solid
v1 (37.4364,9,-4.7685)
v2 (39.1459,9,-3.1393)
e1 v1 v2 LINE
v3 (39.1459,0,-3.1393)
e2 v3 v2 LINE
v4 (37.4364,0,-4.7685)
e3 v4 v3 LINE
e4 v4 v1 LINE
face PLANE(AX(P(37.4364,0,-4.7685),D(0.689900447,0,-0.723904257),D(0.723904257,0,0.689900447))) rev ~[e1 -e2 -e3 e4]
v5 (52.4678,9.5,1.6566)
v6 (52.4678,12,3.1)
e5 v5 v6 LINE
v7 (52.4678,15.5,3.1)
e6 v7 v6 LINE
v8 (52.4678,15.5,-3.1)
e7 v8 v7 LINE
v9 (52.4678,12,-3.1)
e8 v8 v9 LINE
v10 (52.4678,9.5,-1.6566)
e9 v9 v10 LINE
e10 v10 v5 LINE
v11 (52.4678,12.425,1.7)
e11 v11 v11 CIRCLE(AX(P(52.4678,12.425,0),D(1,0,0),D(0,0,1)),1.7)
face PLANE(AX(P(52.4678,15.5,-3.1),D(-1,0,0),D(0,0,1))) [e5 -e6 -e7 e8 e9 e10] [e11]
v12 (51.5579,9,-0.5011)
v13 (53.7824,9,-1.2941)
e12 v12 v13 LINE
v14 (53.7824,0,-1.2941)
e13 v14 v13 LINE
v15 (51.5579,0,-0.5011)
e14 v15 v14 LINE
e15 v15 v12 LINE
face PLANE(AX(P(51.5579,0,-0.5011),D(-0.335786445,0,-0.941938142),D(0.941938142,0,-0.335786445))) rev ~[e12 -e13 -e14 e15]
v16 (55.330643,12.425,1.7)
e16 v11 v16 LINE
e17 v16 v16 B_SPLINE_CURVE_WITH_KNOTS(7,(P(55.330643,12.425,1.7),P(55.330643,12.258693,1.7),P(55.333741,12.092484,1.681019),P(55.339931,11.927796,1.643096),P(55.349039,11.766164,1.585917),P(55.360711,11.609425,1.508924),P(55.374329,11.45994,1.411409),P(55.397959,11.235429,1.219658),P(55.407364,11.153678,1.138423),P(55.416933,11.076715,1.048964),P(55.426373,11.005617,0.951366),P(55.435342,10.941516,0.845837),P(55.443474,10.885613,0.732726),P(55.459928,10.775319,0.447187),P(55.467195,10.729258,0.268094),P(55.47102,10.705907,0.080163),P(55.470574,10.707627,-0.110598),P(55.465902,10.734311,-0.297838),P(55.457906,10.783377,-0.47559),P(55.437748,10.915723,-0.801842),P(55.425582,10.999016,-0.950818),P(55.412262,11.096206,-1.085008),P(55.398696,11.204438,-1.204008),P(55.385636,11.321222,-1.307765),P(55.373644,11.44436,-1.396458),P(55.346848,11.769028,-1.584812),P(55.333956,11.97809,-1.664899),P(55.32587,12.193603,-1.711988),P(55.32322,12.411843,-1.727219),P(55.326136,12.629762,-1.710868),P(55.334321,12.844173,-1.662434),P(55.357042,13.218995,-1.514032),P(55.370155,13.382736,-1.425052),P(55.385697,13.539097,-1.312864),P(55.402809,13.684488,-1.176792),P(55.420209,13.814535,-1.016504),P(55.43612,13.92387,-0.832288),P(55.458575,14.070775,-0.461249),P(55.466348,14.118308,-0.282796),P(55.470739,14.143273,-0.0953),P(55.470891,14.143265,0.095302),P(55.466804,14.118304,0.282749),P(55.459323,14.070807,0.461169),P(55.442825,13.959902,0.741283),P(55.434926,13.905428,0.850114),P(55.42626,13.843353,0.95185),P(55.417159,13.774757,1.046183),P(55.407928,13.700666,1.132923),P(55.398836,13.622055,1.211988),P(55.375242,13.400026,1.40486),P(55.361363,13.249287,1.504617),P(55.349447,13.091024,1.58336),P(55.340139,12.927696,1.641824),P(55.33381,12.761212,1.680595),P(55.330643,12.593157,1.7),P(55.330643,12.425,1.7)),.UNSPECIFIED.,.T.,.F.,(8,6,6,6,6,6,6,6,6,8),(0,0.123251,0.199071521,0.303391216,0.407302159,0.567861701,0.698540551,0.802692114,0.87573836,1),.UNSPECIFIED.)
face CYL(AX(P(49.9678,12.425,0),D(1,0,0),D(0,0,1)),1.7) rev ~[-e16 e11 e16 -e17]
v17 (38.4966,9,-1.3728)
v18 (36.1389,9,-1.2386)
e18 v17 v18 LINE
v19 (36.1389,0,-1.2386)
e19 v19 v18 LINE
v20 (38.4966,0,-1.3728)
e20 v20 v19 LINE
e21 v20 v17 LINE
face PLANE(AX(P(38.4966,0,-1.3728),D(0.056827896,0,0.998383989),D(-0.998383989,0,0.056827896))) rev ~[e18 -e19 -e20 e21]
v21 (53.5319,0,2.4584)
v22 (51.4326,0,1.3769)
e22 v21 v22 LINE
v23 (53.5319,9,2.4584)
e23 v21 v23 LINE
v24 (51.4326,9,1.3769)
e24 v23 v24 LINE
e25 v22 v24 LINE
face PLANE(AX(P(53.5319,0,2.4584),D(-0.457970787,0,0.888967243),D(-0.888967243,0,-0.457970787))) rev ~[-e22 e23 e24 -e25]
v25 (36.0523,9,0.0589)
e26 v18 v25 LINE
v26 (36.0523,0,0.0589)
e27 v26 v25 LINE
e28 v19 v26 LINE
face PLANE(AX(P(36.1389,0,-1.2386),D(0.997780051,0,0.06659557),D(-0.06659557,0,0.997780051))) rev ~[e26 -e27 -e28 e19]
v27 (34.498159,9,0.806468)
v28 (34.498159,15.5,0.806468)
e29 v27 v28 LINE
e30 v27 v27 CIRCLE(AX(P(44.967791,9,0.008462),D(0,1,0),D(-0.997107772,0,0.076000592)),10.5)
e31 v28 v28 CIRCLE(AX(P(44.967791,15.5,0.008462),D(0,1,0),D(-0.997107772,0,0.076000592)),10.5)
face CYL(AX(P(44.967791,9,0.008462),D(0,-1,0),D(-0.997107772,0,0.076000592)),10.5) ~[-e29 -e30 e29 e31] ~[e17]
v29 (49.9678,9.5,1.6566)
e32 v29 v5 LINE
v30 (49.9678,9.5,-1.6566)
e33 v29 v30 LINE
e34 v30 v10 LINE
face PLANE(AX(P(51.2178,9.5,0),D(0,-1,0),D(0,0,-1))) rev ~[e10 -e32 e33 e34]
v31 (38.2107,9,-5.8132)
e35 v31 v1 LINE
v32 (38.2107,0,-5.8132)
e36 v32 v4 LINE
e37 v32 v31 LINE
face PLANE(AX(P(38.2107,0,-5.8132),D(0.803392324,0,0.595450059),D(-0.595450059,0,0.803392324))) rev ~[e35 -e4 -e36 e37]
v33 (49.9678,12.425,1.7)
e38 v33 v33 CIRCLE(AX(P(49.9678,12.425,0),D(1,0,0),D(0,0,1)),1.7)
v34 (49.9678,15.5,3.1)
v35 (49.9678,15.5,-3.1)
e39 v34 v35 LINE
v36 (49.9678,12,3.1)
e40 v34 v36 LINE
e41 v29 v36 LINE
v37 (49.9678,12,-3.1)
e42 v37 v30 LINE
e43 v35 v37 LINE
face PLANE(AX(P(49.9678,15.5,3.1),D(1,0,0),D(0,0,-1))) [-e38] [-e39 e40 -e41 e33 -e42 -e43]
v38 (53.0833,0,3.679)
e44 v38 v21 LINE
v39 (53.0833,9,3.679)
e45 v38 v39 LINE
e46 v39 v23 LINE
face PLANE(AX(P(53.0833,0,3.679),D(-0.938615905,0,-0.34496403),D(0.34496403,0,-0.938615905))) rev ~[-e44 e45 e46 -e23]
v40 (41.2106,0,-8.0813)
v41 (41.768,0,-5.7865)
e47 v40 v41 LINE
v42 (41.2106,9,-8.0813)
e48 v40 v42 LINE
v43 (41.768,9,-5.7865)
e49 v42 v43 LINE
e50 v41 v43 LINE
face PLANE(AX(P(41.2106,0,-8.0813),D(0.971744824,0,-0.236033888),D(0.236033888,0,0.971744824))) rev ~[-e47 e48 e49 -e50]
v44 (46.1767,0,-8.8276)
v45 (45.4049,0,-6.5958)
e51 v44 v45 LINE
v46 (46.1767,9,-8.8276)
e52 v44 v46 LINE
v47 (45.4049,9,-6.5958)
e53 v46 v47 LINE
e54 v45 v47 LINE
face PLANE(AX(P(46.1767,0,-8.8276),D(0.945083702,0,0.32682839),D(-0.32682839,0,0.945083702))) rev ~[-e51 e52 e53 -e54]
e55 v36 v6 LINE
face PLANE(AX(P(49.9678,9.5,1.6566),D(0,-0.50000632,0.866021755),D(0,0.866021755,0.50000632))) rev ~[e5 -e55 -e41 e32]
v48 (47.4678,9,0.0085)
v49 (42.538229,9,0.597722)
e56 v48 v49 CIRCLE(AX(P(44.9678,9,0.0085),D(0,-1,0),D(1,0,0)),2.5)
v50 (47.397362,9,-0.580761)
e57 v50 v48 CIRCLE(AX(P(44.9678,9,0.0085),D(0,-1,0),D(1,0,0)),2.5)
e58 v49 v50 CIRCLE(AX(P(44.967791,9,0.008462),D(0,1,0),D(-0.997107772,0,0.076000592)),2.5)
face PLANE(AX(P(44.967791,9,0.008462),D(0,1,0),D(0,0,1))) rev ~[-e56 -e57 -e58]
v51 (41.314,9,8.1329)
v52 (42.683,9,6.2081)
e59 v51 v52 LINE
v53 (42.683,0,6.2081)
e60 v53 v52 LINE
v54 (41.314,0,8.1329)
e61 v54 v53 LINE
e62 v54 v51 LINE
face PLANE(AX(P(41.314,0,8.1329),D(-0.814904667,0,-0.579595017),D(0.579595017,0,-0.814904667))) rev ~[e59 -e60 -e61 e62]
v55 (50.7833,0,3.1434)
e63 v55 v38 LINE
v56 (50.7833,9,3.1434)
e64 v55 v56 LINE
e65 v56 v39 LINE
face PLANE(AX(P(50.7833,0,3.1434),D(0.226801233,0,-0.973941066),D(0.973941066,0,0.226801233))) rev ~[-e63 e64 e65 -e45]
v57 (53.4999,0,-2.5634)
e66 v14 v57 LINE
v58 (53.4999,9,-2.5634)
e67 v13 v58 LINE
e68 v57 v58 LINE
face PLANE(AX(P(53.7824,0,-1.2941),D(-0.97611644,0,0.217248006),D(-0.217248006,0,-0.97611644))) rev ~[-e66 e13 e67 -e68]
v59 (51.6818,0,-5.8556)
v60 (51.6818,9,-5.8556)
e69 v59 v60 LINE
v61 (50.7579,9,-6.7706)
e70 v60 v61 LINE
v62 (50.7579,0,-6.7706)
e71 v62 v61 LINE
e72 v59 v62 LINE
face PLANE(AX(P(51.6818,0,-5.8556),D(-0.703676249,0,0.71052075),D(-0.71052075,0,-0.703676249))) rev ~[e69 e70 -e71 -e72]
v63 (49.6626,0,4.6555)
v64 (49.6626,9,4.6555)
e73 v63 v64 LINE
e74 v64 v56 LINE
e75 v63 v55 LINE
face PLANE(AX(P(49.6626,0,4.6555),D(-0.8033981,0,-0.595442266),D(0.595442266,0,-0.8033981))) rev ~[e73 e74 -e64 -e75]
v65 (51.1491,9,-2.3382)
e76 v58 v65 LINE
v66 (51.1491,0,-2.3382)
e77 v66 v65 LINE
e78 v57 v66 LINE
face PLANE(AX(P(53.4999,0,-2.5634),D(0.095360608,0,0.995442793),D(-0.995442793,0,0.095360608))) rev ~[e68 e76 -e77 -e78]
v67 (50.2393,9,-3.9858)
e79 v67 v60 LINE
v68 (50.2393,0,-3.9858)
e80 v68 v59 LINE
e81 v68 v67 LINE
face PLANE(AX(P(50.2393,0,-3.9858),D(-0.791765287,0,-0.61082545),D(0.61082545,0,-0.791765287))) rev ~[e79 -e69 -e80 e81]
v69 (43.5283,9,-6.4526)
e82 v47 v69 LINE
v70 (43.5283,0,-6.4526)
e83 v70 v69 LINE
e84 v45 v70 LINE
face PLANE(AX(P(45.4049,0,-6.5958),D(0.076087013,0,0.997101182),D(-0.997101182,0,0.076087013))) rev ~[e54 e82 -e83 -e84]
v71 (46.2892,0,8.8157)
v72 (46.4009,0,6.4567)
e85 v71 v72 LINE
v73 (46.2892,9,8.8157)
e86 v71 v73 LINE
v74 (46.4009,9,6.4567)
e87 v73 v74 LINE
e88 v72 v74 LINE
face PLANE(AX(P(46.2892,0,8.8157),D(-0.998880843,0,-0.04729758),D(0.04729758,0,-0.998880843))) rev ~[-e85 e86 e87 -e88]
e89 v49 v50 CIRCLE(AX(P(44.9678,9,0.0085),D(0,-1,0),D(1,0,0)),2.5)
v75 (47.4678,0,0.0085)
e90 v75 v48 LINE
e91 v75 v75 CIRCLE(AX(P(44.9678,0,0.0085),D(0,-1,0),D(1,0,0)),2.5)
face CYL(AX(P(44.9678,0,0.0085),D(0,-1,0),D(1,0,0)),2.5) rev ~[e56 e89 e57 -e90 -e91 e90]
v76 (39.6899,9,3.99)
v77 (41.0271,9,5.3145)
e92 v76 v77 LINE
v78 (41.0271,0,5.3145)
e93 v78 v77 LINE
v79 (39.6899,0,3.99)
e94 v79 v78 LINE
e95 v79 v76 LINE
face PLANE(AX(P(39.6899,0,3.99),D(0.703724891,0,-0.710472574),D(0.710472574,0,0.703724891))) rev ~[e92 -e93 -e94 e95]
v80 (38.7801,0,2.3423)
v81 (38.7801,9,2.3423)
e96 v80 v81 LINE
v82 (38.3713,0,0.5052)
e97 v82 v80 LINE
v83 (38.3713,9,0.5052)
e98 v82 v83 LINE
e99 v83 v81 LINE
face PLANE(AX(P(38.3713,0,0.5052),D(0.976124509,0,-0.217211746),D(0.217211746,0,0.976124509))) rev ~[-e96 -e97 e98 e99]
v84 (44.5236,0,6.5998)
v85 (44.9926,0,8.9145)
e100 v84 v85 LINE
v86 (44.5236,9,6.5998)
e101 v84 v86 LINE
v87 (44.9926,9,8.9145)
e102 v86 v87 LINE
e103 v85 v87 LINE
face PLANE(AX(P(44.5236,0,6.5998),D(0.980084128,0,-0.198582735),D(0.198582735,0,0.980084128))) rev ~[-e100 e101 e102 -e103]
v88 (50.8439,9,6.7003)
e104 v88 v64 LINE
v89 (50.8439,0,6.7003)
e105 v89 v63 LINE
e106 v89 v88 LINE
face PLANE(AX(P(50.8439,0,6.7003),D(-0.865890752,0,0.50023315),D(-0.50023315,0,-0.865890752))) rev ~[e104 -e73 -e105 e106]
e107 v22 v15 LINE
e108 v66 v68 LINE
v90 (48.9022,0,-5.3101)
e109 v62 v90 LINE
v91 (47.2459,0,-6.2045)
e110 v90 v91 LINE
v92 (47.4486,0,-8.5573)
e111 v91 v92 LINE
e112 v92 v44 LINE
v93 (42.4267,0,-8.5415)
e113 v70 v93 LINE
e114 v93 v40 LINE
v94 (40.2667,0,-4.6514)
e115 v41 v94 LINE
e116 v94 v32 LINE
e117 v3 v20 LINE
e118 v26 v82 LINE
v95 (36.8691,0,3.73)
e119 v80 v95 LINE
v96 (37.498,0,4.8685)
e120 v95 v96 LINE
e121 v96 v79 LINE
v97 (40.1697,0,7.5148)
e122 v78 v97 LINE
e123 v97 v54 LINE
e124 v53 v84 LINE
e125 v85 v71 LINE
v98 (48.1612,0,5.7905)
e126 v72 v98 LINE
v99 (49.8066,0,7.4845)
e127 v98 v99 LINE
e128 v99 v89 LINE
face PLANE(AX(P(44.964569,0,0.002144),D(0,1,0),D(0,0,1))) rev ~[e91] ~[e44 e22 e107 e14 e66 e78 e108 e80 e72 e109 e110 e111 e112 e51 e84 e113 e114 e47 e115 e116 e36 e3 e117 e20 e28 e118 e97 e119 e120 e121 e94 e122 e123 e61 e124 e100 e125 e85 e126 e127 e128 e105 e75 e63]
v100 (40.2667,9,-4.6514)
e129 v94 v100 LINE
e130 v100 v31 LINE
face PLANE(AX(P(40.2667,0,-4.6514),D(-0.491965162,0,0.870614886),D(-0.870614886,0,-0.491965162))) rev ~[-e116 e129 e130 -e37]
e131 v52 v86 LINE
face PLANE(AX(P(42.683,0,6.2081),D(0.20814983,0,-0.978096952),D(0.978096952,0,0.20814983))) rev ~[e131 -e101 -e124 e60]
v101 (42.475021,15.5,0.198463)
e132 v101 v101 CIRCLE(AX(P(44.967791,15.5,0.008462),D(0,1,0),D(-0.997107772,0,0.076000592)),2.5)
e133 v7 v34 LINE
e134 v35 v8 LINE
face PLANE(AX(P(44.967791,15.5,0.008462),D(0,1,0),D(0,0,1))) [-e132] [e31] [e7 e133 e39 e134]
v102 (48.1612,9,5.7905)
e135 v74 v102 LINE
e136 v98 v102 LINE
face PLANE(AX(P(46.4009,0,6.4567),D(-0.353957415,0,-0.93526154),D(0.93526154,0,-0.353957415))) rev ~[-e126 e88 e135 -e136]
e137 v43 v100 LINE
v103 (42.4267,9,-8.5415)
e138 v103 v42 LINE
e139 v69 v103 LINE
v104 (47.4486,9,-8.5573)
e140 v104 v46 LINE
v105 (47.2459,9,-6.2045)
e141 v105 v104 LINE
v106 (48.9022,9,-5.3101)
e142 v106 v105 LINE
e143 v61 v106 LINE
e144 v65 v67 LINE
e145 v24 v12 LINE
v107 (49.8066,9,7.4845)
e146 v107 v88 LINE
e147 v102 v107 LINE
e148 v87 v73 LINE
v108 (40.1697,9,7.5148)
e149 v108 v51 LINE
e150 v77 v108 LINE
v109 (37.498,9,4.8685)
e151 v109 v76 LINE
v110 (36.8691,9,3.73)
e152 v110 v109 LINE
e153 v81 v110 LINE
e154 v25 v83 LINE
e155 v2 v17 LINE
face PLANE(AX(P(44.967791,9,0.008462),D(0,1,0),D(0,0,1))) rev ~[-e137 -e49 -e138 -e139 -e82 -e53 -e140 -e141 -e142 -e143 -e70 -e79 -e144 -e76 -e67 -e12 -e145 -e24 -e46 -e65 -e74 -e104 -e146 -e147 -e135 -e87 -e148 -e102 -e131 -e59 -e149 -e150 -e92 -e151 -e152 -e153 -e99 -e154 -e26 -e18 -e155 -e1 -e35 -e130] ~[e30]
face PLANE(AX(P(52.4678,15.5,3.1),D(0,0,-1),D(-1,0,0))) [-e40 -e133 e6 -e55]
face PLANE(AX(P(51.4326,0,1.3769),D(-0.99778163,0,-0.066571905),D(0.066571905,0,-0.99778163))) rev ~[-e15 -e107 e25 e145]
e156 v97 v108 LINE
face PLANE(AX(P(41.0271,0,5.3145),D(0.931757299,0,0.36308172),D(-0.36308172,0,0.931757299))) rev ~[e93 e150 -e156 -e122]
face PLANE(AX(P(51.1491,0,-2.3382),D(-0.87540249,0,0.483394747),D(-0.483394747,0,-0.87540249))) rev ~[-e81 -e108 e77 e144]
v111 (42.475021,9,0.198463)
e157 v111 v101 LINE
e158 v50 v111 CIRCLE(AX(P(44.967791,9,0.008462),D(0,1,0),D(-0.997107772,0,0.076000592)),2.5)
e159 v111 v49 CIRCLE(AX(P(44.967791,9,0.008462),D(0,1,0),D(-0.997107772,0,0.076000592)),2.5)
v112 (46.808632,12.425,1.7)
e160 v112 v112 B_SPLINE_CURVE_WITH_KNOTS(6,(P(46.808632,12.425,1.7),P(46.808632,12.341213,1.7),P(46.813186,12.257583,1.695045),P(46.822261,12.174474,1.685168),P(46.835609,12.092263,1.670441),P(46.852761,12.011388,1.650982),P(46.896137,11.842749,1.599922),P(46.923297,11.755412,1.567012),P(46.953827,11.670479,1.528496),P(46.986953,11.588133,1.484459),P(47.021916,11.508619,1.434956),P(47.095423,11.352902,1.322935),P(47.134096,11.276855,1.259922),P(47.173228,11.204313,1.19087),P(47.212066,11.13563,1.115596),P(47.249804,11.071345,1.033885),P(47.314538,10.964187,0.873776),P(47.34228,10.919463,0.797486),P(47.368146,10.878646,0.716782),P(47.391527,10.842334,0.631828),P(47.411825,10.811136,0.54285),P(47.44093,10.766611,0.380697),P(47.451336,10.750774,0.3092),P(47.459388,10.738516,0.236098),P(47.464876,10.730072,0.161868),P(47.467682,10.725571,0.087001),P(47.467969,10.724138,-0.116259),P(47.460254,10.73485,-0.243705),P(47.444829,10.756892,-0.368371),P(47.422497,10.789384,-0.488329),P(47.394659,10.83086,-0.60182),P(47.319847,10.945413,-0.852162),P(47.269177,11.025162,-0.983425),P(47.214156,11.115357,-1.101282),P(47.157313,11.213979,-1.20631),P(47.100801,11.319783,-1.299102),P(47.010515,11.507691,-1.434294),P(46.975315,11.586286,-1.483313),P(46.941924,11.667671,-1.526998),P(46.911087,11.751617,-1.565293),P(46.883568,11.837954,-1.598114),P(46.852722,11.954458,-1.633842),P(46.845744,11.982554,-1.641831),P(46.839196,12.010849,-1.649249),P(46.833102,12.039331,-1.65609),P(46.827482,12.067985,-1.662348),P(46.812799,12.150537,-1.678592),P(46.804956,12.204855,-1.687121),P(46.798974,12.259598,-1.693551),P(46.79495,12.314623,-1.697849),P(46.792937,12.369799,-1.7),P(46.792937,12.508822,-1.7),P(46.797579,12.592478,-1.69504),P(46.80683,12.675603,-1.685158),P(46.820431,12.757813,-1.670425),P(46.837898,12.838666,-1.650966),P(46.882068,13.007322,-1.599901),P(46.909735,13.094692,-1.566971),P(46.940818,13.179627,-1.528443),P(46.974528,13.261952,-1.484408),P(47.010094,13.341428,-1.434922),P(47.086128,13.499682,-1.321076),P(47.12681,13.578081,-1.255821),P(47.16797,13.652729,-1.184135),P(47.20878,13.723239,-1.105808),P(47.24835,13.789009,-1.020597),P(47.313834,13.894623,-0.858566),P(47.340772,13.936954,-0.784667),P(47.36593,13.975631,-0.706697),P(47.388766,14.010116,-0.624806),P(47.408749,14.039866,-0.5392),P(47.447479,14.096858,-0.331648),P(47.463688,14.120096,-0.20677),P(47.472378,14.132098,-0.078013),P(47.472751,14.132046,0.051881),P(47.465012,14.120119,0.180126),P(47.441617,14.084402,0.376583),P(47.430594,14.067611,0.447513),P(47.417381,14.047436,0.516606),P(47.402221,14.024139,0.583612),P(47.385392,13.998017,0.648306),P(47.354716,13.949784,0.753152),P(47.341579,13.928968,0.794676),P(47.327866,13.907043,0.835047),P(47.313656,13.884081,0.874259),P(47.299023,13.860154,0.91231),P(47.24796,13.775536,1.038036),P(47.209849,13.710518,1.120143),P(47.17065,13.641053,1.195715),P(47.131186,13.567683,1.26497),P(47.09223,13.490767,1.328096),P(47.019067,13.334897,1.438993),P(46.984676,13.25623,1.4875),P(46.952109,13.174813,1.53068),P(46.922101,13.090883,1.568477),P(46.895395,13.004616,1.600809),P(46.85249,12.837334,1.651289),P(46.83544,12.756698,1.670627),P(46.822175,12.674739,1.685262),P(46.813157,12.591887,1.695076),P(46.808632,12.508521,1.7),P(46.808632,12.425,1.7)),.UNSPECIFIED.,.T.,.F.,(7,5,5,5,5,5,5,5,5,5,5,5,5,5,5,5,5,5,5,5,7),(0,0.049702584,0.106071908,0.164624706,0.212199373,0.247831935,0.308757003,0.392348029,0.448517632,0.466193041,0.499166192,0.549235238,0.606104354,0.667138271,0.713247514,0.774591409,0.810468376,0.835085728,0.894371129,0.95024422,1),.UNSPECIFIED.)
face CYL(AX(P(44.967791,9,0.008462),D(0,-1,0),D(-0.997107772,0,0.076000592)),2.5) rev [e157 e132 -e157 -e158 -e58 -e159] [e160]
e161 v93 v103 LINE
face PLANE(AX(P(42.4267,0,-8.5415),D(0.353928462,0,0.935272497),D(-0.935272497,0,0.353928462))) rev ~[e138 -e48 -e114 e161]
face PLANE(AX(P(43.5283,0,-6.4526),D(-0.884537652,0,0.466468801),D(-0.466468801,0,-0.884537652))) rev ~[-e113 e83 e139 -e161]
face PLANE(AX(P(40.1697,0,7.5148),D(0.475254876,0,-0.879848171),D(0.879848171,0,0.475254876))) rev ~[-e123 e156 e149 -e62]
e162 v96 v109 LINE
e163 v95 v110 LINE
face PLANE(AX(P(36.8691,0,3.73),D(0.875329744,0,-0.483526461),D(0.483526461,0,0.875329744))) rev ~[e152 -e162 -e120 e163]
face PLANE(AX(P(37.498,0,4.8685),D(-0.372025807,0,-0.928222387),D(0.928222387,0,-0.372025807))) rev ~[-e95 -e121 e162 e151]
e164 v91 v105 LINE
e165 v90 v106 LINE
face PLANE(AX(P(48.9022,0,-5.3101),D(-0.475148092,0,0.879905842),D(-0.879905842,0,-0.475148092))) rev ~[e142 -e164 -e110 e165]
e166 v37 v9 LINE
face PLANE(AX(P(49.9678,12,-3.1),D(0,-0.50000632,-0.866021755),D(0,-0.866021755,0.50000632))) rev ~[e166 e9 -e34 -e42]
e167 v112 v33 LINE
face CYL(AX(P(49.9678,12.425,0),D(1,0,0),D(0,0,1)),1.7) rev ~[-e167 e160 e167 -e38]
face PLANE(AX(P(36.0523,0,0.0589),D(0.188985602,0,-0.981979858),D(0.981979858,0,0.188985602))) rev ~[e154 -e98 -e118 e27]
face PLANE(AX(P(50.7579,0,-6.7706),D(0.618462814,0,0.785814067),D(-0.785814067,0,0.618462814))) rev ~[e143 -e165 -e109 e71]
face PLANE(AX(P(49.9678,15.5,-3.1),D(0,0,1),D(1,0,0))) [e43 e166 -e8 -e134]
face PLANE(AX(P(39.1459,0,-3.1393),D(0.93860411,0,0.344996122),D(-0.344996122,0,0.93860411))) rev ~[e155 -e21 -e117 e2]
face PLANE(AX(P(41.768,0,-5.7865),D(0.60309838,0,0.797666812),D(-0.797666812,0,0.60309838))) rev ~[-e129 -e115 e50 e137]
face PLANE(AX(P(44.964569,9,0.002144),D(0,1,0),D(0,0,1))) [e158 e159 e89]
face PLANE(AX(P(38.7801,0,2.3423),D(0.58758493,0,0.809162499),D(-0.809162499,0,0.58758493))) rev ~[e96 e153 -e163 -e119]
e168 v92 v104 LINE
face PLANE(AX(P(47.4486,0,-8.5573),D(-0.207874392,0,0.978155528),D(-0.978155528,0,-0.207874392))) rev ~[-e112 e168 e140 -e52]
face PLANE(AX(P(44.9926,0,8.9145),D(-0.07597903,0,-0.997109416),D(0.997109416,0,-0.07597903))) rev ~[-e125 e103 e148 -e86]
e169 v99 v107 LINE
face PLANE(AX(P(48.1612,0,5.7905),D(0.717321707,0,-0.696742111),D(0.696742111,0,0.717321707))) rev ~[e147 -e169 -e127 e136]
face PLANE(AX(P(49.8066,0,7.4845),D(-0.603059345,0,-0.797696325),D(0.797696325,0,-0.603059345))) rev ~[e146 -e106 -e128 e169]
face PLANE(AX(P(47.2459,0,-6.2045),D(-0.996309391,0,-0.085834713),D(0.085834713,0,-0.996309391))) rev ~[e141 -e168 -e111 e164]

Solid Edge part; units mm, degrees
sketch "Sketch1" plane through (0, 0, 0) normal (0, -1, 0) x (1, 0, 0)
  line L0 (46.2892, 8.8157) -> (46.4009, 6.4567)
  line L1 (46.4009, 6.4567) -> (48.1612, 5.7905)
  line L2 (48.1612, 5.7905) -> (49.8066, 7.4845)
  line L3 (49.8066, 7.4845) -> (50.8439, 6.7003)
  line L4 (50.8439, 6.7003) -> (49.6626, 4.6555)
  line L5 (49.6626, 4.6555) -> (50.7833, 3.1434)
  line L6 (50.7833, 3.1434) -> (53.0833, 3.679)
  line L7 (53.0833, 3.679) -> (53.5319, 2.4584)
  line L8 (53.5319, 2.4584) -> (51.4326, 1.3769)
  line L9 (51.4326, 1.3769) -> (51.5579, -0.5011)
  line L10 (51.5579, -0.5011) -> (53.7824, -1.2941)
  line L11 (53.7824, -1.2941) -> (53.4999, -2.5634)
  line L12 (53.4999, -2.5634) -> (51.1491, -2.3382)
  line L13 (51.1491, -2.3382) -> (50.2393, -3.9858)
  line L14 (50.2393, -3.9858) -> (51.6818, -5.8556)
  line L15 (51.6818, -5.8556) -> (50.7579, -6.7706)
  line L16 (50.7579, -6.7706) -> (48.9022, -5.3101)
  line L17 (48.9022, -5.3101) -> (47.2459, -6.2045)
  line L18 (47.2459, -6.2045) -> (47.4486, -8.5573)
  line L19 (47.4486, -8.5573) -> (46.1767, -8.8276)
  line L20 (46.1767, -8.8276) -> (45.4049, -6.5958)
  line L21 (45.4049, -6.5958) -> (43.5283, -6.4526)
  line L22 (43.5283, -6.4526) -> (42.4267, -8.5415)
  line L23 (42.4267, -8.5415) -> (41.2106, -8.0813)
  line L24 (41.2106, -8.0813) -> (41.768, -5.7865)
  line L25 (41.768, -5.7865) -> (40.2667, -4.6514)
  line L26 (40.2667, -4.6514) -> (38.2107, -5.8132)
  line L27 (38.2107, -5.8132) -> (37.4364, -4.7685)
  line L28 (37.4364, -4.7685) -> (39.1459, -3.1393)
  line L29 (39.1459, -3.1393) -> (38.4966, -1.3728)
  line L30 (38.4966, -1.3728) -> (36.1389, -1.2386)
  line L31 (36.1389, -1.2386) -> (36.0523, 0.0589)
  line L32 (36.0523, 0.0589) -> (38.3713, 0.5052)
  line L33 (38.3713, 0.5052) -> (38.7801, 2.3423)
  line L34 (38.7801, 2.3423) -> (36.8691, 3.73)
  line L35 (36.8691, 3.73) -> (37.498, 4.8685)
  line L36 (37.498, 4.8685) -> (39.6899, 3.99)
  line L37 (39.6899, 3.99) -> (41.0271, 5.3145)
  line L38 (41.0271, 5.3145) -> (40.1697, 7.5148)
  line L39 (40.1697, 7.5148) -> (41.314, 8.1329)
  line L40 (41.314, 8.1329) -> (42.683, 6.2081)
  line L41 (42.683, 6.2081) -> (44.5236, 6.5998)
  line L42 (44.5236, 6.5998) -> (44.9926, 8.9145)
  line L43 (44.9926, 8.9145) -> (46.2892, 8.8157)
  circle A0 centre (44.9678, 0.0085) radius 2.5
  dimension "D1" = 5
extrude "Protrusion1" add sketch "Sketch1" against normal blind 9
sketch "Sketch2" plane through (44.9173, 9, 0.0434) normal (0, 1, 0) x (-0.9971, 0, 0.076)
  circle A0 centre (-0.053, -0.031) radius 10.5
  circle A1 centre (-0.053, -0.031) radius 2.5
extrude "ExtrudedProtrusion_2" add sketch "Sketch2" along normal blind 6.5
sketch "Sketch3" plane through (44.9678, 15.5, 0.0085) normal (0, 1, 0) x (0, 0, 1)
  line L0 (-3.1085, 7.5) -> (3.0915, 7.5)
  line L1 (3.0915, 7.5) -> (3.0915, 5)
  line L2 (3.0915, 5) -> (-3.1085, 5)
  line L3 (-3.1085, 5) -> (-3.1085, 7.5)
  dimension "D1" = 6.2
  dimension "D2" = 2.5
  dimension "D3" = 3
  dimension "D4" = 2.5
extrude "ExtrudedCutout_1" cut sketch "Sketch3" against normal blind 6
sketch "Sketch4" plane through (49.9678, 12.8, 0) normal (1, 0, 0) x (0, -1, 0)
  line L0 (3.3, -3.1) -> (3.3, -1.6566)
  line L1 (3.3, -1.6566) -> (0.8, -3.1)
  line L2 (0.8, -3.1) -> (3.3, -3.1)
  line L3 (0.8, 3.1) -> (3.3, 1.6566)
  line L4 (3.3, 1.6566) -> (3.3, 3.1)
  line L5 (3.3, 3.1) -> (0.8, 3.1)
  dimension "D1" = 2.5
  dimension "D2" = 3.08
  dimension "D3" = 6.15
extrude "Protrusion2" add sketch "Sketch4" along normal up to vertex (2.5 mm away)
sketch "Sketch5" plane through (49.9678, 12.7, 0) normal (1, 0, 0) x (0, 0, 1)
  circle A0 centre (0, 0.275) radius 1.7
  dimension "D1" = 3.075
extrude "Cutout1" cut sketch "Sketch5" against normal up to vertex (5 mm away) and the other way up to vertex (5.5 mm away)
